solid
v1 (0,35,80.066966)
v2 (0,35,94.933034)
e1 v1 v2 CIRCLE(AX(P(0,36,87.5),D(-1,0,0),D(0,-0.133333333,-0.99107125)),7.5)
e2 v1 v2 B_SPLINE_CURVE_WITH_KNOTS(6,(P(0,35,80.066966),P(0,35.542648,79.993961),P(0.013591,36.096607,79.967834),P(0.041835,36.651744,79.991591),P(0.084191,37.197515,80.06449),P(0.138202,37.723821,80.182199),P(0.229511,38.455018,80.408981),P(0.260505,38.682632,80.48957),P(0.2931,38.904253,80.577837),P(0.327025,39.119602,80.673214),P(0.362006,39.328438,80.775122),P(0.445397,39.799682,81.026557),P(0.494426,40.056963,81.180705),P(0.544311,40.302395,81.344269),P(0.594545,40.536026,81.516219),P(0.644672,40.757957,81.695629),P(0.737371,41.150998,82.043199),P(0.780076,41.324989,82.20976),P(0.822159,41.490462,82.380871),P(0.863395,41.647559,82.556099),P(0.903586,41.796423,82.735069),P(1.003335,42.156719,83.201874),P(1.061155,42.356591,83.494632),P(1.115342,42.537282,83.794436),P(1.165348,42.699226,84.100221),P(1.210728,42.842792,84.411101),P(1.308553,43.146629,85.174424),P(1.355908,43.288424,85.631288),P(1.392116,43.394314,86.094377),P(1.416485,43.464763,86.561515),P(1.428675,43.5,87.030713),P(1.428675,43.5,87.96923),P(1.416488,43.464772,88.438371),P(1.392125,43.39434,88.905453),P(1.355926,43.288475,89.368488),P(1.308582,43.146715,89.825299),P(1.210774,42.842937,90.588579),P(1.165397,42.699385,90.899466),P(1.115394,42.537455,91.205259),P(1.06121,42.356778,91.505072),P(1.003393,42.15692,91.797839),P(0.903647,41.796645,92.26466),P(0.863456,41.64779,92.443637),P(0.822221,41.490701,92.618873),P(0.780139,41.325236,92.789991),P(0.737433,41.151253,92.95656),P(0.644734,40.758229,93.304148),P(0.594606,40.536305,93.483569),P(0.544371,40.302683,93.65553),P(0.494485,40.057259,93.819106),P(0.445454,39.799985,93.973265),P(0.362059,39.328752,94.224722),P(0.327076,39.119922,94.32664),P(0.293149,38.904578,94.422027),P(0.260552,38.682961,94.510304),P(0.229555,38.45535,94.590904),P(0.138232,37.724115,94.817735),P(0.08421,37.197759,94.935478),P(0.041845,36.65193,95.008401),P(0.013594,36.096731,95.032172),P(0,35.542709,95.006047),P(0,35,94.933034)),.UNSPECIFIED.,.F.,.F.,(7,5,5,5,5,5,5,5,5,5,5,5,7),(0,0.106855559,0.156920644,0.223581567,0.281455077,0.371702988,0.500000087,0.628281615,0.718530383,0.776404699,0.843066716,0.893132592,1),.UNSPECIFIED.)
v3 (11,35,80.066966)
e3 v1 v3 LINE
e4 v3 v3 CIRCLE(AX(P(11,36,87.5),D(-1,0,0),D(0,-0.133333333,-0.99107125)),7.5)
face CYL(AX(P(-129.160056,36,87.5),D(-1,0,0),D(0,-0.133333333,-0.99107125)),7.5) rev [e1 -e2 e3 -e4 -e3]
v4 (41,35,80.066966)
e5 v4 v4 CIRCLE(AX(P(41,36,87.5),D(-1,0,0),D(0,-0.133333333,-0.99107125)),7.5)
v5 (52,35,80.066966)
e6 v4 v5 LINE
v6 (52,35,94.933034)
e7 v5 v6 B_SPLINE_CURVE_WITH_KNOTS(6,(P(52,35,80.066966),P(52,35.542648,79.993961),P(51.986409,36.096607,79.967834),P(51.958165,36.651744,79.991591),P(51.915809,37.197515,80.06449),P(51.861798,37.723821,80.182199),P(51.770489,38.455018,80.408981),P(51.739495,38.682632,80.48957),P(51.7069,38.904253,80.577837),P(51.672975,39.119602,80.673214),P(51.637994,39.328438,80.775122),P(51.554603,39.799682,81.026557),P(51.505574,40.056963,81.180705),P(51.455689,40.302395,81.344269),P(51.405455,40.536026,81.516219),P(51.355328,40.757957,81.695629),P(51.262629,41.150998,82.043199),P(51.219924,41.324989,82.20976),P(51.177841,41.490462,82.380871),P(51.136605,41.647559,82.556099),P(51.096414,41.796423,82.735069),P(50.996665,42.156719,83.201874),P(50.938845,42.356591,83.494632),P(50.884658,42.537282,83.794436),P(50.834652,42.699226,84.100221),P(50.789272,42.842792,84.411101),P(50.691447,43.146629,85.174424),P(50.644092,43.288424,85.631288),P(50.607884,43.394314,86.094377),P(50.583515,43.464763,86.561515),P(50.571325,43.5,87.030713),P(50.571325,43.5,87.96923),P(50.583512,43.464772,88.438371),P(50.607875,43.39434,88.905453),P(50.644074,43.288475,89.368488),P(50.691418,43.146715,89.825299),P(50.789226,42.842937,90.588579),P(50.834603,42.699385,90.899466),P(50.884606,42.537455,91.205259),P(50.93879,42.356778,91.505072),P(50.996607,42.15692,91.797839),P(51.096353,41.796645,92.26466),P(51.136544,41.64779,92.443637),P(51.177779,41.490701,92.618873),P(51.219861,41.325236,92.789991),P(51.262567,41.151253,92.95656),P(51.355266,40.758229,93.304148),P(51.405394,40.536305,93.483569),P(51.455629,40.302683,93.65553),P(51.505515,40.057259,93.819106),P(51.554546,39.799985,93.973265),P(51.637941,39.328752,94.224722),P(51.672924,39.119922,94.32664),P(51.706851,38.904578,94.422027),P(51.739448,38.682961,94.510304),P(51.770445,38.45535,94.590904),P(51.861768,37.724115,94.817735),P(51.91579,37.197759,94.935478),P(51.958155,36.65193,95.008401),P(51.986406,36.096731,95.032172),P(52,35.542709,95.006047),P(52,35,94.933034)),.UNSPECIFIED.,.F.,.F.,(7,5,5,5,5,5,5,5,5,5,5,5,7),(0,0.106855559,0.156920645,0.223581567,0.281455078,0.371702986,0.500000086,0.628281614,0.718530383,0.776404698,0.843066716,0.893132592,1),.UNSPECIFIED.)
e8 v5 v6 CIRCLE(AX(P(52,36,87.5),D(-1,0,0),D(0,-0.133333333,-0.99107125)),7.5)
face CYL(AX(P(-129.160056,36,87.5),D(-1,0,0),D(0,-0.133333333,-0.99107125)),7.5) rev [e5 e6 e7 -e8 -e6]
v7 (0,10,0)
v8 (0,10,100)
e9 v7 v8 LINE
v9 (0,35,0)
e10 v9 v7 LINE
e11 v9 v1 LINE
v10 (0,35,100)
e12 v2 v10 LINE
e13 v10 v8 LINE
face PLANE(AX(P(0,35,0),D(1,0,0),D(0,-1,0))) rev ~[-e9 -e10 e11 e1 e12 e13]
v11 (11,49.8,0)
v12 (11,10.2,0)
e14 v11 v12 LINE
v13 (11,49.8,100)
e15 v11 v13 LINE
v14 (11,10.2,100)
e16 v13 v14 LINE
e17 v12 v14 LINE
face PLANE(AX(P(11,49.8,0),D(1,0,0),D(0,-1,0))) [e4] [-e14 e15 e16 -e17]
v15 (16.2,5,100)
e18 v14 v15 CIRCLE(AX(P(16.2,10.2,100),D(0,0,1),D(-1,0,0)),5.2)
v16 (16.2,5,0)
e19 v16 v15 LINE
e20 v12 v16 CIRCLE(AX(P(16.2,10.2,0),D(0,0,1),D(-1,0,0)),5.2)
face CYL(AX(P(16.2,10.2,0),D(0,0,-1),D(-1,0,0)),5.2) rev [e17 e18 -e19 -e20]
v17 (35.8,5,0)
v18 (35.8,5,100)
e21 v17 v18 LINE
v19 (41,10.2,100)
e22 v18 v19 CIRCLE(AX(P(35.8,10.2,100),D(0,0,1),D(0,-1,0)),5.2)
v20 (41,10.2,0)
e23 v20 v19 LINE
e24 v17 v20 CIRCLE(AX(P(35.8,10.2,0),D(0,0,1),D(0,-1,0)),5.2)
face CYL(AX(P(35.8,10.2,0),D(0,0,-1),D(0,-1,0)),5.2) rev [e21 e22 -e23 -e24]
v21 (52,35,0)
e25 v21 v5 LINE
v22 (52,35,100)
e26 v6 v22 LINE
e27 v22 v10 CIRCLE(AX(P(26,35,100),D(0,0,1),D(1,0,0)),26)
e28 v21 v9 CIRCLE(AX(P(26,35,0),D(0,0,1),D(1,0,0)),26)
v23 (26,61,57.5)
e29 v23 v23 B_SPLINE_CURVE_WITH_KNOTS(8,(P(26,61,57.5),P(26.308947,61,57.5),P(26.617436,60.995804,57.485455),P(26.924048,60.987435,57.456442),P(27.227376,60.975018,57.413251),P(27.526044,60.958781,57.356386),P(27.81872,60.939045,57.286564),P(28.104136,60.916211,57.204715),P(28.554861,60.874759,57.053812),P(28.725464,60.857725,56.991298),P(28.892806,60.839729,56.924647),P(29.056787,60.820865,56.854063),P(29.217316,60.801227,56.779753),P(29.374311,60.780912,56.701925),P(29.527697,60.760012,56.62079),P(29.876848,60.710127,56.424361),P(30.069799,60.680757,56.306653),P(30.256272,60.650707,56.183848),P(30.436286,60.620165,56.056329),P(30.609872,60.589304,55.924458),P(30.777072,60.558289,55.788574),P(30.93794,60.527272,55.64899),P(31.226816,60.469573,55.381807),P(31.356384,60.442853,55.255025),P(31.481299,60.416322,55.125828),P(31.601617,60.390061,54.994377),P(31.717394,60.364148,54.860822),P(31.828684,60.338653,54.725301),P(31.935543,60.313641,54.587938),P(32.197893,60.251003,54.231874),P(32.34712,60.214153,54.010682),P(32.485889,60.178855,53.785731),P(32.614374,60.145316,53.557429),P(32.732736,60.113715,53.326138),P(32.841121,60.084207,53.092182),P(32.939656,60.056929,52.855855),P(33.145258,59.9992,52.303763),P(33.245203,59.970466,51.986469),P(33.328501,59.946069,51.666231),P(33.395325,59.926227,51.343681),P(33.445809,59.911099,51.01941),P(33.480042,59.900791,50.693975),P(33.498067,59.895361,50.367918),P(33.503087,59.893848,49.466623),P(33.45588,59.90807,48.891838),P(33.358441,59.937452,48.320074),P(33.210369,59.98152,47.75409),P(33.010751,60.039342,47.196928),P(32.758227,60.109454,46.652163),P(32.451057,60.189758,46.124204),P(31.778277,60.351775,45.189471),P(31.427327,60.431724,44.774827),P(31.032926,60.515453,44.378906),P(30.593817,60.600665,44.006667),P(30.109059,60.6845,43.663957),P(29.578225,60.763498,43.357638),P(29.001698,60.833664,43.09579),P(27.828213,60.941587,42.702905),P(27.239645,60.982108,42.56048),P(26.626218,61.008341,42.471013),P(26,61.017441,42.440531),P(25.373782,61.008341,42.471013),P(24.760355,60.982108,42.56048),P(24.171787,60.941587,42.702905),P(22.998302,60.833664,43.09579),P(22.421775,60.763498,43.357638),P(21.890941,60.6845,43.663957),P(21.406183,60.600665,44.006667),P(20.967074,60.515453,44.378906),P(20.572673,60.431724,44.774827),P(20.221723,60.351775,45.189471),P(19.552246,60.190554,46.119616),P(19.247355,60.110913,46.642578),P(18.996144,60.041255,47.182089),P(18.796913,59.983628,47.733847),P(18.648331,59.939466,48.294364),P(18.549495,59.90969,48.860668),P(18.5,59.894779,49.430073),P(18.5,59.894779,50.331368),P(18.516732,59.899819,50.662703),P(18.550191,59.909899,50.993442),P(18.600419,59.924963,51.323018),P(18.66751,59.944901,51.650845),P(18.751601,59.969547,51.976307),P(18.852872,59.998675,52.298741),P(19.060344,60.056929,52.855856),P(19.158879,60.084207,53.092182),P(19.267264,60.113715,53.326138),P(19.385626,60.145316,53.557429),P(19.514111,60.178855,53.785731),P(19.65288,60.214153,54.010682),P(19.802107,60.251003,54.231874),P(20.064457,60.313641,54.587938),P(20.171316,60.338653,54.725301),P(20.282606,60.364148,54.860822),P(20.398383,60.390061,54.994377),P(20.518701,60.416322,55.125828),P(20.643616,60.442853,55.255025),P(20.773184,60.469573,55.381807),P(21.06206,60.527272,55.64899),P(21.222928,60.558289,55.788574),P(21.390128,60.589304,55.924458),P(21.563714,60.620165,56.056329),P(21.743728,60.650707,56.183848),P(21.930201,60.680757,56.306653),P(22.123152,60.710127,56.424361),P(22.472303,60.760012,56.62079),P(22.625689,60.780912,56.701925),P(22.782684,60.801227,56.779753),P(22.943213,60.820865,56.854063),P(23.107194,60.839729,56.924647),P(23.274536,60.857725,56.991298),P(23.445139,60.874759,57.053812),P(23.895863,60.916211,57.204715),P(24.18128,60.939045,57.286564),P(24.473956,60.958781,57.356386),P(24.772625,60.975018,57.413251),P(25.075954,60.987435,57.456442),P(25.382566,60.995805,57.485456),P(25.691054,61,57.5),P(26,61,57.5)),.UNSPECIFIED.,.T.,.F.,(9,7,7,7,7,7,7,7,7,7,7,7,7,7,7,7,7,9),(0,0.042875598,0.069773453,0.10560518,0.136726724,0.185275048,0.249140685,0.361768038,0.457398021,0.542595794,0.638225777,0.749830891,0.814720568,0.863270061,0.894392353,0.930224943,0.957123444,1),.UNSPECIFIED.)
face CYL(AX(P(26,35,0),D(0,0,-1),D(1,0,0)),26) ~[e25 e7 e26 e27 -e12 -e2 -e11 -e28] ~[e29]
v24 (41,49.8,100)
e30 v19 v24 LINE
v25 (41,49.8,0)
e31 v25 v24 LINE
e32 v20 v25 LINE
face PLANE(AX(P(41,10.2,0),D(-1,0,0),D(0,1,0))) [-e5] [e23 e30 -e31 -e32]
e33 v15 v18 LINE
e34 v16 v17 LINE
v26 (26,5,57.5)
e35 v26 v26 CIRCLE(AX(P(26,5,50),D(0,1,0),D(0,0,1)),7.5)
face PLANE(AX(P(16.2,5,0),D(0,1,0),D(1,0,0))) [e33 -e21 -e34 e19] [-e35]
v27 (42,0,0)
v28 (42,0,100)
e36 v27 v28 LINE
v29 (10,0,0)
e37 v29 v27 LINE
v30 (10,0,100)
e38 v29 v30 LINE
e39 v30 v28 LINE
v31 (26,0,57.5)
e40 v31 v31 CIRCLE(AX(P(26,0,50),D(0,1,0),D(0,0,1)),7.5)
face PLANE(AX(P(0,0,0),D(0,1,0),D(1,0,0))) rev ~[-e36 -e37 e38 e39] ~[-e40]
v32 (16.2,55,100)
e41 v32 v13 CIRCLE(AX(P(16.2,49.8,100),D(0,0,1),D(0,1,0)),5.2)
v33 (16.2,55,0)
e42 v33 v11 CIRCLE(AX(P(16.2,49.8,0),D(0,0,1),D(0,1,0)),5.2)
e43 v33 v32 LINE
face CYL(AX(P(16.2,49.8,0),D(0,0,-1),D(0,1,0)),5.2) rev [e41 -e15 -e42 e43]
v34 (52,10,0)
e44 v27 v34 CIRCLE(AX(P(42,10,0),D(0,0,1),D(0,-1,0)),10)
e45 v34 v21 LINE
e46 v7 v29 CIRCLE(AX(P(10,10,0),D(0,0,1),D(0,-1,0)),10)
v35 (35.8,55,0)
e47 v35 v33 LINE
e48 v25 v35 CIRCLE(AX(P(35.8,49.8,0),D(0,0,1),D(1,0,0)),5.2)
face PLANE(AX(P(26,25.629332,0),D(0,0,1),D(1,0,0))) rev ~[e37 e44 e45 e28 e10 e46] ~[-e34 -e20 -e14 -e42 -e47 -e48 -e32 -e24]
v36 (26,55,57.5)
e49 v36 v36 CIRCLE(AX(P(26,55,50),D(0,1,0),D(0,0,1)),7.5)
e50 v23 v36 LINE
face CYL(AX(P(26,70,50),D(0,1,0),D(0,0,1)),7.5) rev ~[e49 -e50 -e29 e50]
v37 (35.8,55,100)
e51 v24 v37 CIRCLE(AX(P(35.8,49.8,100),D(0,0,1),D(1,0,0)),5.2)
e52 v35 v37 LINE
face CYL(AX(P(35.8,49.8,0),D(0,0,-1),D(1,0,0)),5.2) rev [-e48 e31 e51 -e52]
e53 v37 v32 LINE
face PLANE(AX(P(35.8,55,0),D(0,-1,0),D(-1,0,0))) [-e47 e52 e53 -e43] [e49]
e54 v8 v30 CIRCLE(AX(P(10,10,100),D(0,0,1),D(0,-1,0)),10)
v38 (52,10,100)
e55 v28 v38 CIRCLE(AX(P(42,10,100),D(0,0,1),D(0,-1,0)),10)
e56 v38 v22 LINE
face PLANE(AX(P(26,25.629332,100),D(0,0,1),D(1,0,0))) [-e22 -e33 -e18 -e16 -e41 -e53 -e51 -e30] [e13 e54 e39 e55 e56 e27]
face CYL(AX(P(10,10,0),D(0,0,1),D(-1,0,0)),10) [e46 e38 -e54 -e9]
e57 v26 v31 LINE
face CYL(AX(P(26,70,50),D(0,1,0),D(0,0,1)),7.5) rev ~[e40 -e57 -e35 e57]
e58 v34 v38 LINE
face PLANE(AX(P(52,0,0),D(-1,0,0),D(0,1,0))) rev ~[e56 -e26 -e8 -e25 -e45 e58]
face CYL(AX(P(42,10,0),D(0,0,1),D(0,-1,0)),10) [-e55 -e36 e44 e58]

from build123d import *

# Parameters (mm, degrees)
BOSS_EXTRUDE1_DEPTH     = 100
FILLET3_R               = 10
SKETCH2_R               = 7.5
CUT_EXTRUDE1_DEPTH      = 133.680066325
CUT_EXTRUDE5_DEPTH      = 129.160056346
CUT_EXTRUDE5_DEPTH_BACK = 129.160056346
SKETCH3_R               = 7.5


with BuildPart() as part:
    # Sketch1 → Boss-Extrude1 (new body)
    with BuildSketch(Plane.XY):
        with BuildLine():
            Line((0, 35), (0, 0))
            Line((0, 0), (52, 0))
            Line((52, 0), (52, 35))
            ThreePointArc((52, 35), (26, 61), (0, 35))
        make_face()
        with BuildLine():
            Line((11, 49.8), (11, 10.2))
            ThreePointArc((11, 10.2), (12.523044738, 6.523044738), (16.2, 5))
            Line((16.2, 5), (35.8, 5))
            ThreePointArc((35.8, 5), (39.476955262, 6.523044738), (41, 10.2))
            Line((41, 10.2), (41, 49.8))
            ThreePointArc((41, 49.8), (39.476955262, 53.476955262), (35.8, 55))
            Line((35.8, 55), (16.2, 55))
            ThreePointArc((16.2, 55), (12.523044738, 53.476955262), (11, 49.8))
        make_face(mode=Mode.SUBTRACT)
    extrude(amount=BOSS_EXTRUDE1_DEPTH)

    # Fillet3
    fillet3_edges = [part.edges().sort_by_distance(p)[0] for p in [
        (52, 0, 50),
        (0, 0, 50),
    ]]
    fillet(fillet3_edges, radius=FILLET3_R)

    # Sketch2 → Cut-Extrude1 (cut, through all)
    with BuildSketch(Plane(origin=(0, 70, 0), x_dir=(1, 0, 0), z_dir=(0, 1, 0))):
        with Locations(Location((26, -50, 0), (0, 0, 270))):
            Circle(SKETCH2_R)
    extrude(amount=-CUT_EXTRUDE1_DEPTH, mode=Mode.SUBTRACT)

    # Sketch3 → Cut-Extrude5 (cut, two sides: drawn at the far end of the back side and taken through both)
    with BuildSketch(Plane(origin=(0, 0, 0), x_dir=(0, 0, -1), z_dir=(1, 0, 0)).offset(-CUT_EXTRUDE5_DEPTH_BACK)):
        with Locations(Location((-87.5, 36, 0), (0, 0, 352.337744339))):
            Circle(SKETCH3_R)
    extrude(amount=CUT_EXTRUDE5_DEPTH + CUT_EXTRUDE5_DEPTH_BACK, mode=Mode.SUBTRACT)


solid = part.part
